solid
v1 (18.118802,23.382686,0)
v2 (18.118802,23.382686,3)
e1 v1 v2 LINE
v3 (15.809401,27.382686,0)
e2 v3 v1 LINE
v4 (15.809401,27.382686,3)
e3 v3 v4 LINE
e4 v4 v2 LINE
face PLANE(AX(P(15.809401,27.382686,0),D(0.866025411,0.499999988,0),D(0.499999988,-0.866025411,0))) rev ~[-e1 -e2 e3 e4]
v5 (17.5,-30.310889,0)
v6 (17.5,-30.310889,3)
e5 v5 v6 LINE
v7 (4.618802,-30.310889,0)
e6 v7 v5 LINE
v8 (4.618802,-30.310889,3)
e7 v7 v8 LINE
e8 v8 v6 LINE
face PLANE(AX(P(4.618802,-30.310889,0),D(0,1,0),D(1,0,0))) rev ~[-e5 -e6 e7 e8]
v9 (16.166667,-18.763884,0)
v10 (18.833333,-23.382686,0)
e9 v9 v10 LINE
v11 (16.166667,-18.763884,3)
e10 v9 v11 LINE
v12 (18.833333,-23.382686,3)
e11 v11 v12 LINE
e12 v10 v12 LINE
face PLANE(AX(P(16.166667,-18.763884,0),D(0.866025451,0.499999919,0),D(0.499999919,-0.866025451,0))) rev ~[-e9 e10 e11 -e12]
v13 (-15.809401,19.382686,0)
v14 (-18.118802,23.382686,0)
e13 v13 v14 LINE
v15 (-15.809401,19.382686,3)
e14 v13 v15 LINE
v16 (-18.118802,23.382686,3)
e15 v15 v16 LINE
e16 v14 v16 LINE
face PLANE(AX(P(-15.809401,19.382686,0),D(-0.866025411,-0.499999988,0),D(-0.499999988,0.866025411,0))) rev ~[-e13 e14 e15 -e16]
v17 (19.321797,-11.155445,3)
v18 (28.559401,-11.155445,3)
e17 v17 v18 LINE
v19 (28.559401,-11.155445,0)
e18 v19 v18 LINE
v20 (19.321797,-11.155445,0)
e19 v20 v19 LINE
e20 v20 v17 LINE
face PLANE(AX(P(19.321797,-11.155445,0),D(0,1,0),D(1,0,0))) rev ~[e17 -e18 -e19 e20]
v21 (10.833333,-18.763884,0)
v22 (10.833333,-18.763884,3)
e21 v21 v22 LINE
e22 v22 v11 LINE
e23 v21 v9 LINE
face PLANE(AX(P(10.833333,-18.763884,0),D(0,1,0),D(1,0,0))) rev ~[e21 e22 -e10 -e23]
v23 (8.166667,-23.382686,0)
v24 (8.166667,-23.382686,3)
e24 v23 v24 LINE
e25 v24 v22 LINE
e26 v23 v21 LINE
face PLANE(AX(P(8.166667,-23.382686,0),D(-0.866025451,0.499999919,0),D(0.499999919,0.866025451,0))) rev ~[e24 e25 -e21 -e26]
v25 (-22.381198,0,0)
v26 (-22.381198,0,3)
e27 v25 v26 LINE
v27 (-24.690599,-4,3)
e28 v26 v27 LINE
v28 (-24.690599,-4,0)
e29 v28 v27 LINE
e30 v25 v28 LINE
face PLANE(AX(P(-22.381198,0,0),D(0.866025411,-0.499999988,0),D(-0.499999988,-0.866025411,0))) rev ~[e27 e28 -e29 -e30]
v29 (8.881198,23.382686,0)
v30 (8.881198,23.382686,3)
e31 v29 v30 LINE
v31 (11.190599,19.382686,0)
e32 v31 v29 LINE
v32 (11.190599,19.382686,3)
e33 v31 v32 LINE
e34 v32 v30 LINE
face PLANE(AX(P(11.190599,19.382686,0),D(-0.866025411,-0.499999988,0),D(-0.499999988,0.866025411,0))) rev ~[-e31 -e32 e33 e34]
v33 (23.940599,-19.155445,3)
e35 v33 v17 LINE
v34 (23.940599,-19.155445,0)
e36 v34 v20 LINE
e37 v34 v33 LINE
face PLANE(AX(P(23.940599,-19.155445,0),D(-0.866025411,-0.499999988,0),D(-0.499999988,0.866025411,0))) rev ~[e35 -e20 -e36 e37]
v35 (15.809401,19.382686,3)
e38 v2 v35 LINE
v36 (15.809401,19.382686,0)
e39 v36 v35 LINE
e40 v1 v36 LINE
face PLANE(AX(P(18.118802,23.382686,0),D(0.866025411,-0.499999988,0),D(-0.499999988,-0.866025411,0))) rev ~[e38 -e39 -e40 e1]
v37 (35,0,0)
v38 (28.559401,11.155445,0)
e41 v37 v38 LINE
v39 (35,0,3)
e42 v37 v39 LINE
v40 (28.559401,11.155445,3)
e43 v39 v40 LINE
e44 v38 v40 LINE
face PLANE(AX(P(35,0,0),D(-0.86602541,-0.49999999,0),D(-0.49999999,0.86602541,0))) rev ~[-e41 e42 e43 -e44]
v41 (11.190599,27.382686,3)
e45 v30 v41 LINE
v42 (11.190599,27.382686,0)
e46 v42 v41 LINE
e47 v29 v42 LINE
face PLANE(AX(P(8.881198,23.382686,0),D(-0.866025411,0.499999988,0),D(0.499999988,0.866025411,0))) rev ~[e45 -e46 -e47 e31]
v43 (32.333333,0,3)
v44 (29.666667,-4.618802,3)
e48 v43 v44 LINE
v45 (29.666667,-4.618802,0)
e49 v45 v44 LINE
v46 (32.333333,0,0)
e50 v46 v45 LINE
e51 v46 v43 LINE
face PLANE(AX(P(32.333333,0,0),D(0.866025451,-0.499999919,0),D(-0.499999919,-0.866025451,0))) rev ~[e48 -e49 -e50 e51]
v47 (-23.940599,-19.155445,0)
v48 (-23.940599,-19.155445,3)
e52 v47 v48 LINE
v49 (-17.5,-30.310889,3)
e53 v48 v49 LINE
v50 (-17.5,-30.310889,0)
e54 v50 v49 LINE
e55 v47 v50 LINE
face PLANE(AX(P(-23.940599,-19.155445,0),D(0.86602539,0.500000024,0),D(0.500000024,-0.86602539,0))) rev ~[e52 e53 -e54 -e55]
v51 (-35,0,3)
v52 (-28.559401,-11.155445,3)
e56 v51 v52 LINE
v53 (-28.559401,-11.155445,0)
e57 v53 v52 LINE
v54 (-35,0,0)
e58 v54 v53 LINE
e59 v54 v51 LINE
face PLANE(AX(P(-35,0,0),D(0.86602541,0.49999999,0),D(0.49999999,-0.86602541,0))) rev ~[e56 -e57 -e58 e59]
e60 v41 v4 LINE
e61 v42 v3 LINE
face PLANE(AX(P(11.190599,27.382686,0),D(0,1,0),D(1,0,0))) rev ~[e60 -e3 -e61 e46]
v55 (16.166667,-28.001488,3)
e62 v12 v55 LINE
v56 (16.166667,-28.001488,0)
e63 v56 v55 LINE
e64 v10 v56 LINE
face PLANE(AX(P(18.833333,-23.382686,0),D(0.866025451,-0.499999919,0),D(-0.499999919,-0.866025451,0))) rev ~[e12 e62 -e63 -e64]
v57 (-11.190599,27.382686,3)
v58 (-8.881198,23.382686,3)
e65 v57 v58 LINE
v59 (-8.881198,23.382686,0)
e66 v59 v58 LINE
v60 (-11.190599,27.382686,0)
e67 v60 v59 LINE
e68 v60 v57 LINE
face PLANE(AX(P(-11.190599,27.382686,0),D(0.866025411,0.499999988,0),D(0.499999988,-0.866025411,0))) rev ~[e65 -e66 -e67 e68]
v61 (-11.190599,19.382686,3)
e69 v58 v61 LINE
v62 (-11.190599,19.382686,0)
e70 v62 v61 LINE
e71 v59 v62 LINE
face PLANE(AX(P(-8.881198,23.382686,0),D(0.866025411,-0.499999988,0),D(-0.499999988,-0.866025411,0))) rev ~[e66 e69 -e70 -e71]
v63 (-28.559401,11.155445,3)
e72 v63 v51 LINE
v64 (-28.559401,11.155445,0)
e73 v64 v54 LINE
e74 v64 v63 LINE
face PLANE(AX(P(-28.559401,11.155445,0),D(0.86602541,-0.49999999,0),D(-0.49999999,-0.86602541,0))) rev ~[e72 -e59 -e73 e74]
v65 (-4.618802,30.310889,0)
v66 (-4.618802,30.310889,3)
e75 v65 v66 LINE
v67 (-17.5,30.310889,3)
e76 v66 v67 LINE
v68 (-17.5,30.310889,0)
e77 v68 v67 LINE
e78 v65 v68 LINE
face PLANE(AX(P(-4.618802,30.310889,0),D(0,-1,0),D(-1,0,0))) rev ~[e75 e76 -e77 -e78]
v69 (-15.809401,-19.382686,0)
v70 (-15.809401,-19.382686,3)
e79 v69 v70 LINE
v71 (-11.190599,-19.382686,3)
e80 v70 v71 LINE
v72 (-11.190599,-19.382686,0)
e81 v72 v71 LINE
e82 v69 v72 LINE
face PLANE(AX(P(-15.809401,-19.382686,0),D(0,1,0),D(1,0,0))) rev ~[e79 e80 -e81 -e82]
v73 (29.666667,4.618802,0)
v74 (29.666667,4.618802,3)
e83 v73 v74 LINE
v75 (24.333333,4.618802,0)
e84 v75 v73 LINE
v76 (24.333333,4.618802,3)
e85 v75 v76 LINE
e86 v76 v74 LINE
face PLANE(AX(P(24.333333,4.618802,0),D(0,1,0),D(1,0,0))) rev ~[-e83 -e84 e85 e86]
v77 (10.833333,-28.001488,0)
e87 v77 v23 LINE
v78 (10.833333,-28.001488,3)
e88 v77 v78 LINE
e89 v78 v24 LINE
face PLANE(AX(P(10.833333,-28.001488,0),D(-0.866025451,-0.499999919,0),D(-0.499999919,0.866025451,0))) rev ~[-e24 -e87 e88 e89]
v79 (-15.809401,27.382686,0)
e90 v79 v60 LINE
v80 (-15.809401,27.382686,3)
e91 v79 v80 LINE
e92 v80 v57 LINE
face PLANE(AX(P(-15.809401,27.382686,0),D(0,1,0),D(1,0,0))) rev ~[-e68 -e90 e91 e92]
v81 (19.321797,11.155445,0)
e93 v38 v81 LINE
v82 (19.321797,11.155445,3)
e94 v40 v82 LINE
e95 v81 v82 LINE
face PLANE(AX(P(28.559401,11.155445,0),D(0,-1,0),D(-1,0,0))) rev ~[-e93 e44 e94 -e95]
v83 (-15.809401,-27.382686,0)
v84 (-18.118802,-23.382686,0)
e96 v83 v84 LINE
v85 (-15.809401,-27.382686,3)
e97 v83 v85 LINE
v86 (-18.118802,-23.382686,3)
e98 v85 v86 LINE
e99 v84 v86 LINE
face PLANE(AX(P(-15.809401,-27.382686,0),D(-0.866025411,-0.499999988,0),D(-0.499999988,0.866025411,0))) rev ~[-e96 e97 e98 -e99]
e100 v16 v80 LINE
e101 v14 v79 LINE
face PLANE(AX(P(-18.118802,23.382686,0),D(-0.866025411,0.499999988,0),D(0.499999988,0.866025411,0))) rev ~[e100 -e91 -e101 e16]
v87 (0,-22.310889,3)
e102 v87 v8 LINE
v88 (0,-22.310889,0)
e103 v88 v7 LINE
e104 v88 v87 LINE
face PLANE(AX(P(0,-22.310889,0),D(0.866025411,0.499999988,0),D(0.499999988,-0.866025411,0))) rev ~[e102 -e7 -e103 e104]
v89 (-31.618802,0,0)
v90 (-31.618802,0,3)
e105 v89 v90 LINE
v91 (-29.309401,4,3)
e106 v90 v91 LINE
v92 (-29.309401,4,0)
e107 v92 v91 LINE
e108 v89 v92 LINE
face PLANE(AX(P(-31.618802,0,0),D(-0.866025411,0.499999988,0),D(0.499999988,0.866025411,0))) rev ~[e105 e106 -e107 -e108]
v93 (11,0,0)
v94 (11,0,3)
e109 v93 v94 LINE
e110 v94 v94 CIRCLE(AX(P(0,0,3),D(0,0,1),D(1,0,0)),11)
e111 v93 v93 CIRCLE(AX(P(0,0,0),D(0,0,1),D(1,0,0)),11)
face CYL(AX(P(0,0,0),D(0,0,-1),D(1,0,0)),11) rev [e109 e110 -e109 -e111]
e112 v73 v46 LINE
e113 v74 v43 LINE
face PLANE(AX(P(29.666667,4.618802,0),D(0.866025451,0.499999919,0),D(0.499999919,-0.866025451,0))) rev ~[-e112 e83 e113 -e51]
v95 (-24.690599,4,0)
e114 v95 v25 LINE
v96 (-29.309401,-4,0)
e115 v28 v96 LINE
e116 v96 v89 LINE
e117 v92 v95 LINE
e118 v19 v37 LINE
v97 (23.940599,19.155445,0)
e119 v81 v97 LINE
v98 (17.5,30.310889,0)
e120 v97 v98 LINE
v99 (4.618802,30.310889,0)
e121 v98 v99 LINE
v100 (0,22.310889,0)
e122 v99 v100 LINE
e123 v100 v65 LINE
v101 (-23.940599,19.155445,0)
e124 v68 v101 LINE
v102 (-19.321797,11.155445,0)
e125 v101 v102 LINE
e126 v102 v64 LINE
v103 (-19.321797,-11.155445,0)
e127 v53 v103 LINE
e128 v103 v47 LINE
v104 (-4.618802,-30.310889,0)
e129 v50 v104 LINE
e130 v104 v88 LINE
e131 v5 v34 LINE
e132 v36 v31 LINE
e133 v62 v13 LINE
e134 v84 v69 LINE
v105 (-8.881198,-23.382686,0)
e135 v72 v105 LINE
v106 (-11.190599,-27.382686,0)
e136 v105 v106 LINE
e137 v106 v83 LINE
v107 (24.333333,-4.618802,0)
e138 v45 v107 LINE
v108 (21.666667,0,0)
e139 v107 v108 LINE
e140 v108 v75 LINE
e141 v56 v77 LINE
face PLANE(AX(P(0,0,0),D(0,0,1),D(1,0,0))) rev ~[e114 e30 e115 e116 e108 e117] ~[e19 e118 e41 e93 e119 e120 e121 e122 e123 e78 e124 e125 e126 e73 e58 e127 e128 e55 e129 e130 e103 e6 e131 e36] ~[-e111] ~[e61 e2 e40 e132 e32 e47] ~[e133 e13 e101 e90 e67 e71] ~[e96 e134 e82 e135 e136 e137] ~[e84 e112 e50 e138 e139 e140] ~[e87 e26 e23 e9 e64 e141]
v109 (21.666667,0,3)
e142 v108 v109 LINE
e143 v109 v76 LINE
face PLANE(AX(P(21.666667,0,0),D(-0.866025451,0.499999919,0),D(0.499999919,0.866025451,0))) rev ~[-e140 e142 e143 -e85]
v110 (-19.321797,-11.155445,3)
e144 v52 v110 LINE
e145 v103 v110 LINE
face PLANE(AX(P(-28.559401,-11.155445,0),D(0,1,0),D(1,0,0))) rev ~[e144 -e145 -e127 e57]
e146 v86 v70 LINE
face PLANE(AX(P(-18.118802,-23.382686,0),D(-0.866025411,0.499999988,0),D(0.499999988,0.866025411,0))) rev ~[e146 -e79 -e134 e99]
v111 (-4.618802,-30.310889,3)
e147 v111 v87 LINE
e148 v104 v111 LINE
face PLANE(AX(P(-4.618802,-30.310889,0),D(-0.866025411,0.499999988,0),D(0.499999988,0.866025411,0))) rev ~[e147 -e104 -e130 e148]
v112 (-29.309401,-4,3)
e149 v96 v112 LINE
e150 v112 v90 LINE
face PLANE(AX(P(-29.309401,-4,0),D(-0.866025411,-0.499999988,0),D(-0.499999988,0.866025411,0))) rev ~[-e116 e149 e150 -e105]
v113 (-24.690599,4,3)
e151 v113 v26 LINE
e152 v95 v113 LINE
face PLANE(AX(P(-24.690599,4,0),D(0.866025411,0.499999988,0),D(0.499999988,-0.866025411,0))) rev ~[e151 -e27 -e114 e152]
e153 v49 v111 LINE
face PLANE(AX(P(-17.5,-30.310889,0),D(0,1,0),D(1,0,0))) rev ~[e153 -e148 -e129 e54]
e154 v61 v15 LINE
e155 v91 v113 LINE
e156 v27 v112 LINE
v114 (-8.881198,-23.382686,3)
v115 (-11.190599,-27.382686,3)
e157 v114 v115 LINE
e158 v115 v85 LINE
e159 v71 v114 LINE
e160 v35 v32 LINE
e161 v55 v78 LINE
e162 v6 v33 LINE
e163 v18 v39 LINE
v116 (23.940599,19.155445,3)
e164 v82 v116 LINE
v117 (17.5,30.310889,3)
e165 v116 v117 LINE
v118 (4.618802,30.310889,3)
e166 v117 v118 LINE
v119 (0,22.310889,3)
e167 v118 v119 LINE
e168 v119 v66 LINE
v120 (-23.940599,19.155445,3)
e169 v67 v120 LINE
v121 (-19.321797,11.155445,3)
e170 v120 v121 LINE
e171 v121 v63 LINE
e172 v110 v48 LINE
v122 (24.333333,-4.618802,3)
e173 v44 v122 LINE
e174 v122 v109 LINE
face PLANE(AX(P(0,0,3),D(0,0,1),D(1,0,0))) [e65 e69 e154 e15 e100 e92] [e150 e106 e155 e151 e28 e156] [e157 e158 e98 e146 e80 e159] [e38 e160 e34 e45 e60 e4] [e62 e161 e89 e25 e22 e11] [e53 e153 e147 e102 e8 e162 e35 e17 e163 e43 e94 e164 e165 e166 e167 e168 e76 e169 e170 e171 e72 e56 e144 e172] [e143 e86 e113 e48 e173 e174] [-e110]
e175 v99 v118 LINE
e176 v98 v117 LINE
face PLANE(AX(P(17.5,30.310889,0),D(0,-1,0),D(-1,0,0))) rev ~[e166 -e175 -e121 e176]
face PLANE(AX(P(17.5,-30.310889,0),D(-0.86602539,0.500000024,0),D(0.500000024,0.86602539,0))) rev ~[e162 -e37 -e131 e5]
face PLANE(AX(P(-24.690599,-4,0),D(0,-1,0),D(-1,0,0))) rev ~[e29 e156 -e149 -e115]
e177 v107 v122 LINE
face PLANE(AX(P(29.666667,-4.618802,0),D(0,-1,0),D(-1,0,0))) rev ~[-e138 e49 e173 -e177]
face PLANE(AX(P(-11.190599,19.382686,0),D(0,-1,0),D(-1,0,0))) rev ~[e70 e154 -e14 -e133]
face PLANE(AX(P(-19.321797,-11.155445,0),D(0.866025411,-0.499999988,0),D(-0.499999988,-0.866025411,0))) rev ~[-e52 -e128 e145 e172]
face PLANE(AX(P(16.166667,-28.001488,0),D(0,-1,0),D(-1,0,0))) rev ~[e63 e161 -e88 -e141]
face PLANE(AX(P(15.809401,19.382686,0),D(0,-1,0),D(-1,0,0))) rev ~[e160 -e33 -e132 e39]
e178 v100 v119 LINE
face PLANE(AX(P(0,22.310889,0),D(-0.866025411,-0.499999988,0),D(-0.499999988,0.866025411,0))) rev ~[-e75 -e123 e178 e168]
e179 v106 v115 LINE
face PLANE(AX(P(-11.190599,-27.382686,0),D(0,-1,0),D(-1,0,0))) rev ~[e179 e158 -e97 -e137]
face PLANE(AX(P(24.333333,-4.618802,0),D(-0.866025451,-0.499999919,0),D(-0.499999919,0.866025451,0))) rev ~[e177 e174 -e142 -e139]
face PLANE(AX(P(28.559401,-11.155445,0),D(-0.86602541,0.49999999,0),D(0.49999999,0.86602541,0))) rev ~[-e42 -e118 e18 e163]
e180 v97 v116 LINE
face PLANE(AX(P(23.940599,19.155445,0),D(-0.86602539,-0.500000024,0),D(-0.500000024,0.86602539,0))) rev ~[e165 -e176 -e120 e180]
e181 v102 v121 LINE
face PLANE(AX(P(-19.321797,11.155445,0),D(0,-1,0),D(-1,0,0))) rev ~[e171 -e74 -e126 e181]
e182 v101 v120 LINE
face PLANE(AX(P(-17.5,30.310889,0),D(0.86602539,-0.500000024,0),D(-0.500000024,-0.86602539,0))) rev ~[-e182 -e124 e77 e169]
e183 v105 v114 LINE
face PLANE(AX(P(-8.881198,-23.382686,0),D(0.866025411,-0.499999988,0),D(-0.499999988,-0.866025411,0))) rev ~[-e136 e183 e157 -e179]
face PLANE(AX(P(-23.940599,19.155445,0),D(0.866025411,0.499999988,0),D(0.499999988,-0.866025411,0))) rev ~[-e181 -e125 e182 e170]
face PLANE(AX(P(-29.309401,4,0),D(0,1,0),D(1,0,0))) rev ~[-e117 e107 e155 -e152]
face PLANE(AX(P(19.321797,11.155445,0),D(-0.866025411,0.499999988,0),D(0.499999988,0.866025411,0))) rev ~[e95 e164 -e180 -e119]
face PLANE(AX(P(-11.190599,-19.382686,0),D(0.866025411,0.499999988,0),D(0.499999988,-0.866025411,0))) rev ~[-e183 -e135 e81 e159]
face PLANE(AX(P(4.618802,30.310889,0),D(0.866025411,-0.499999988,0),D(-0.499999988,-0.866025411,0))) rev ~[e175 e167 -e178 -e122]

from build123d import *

# Parameters (mm, degrees)
F0_R     = 11
F1_DEPTH = 3


with BuildPart() as f1:
    # F0 (on Top) → F1 (new body)
    with BuildSketch(Plane.XY):
        Polygon((4.618802, -30.310889), (17.5, -30.310889), (23.940599, -19.155445), (19.321797, -11.155445), (28.559401, -11.155445), (35, 0), (28.559401, 11.155445), (19.321797, 11.155445), (23.940599, 19.155445), (17.5, 30.310889), (4.618802, 30.310889), (0, 22.310889), (-4.618802, 30.310889), (-17.5, 30.310889), (-23.940599, 19.155445), (-19.321797, 11.155445), (-28.559401, 11.155445), (-35, 0), (-28.559401, -11.155445), (-19.321797, -11.155445), (-23.940599, -19.155445), (-17.5, -30.310889), (-4.618802, -30.310889), (0, -22.310889), align=None)
        Polygon((-11.190599, -19.382686), (-8.881198, -23.382686), (-11.190599, -27.382686), (-15.809401, -27.382686), (-18.118802, -23.382686), (-15.809401, -19.382686), align=None, mode=Mode.SUBTRACT)
        Polygon((-29.309401, -4), (-31.618802, 0), (-29.309401, 4), (-24.690599, 4), (-22.381198, 0), (-24.690599, -4), align=None, mode=Mode.SUBTRACT)
        Polygon((10.833333, -18.763884), (16.166667, -18.763884), (18.833333, -23.382686), (16.166667, -28.001488), (10.833333, -28.001488), (8.166667, -23.382686), align=None, mode=Mode.SUBTRACT)
        Circle(F0_R, mode=Mode.SUBTRACT)
        Polygon((-15.809401, 19.382686), (-18.118802, 23.382686), (-15.809401, 27.382686), (-11.190599, 27.382686), (-8.881198, 23.382686), (-11.190599, 19.382686), align=None, mode=Mode.SUBTRACT)
        Polygon((29.666667, 4.618802), (32.333333, 0), (29.666667, -4.618802), (24.333333, -4.618802), (21.666667, 0), (24.333333, 4.618802), align=None, mode=Mode.SUBTRACT)
        Polygon((18.118802, 23.382686), (15.809401, 19.382686), (11.190599, 19.382686), (8.881198, 23.382686), (11.190599, 27.382686), (15.809401, 27.382686), align=None, mode=Mode.SUBTRACT)
    extrude(amount=F1_DEPTH)


solid = f1.part
